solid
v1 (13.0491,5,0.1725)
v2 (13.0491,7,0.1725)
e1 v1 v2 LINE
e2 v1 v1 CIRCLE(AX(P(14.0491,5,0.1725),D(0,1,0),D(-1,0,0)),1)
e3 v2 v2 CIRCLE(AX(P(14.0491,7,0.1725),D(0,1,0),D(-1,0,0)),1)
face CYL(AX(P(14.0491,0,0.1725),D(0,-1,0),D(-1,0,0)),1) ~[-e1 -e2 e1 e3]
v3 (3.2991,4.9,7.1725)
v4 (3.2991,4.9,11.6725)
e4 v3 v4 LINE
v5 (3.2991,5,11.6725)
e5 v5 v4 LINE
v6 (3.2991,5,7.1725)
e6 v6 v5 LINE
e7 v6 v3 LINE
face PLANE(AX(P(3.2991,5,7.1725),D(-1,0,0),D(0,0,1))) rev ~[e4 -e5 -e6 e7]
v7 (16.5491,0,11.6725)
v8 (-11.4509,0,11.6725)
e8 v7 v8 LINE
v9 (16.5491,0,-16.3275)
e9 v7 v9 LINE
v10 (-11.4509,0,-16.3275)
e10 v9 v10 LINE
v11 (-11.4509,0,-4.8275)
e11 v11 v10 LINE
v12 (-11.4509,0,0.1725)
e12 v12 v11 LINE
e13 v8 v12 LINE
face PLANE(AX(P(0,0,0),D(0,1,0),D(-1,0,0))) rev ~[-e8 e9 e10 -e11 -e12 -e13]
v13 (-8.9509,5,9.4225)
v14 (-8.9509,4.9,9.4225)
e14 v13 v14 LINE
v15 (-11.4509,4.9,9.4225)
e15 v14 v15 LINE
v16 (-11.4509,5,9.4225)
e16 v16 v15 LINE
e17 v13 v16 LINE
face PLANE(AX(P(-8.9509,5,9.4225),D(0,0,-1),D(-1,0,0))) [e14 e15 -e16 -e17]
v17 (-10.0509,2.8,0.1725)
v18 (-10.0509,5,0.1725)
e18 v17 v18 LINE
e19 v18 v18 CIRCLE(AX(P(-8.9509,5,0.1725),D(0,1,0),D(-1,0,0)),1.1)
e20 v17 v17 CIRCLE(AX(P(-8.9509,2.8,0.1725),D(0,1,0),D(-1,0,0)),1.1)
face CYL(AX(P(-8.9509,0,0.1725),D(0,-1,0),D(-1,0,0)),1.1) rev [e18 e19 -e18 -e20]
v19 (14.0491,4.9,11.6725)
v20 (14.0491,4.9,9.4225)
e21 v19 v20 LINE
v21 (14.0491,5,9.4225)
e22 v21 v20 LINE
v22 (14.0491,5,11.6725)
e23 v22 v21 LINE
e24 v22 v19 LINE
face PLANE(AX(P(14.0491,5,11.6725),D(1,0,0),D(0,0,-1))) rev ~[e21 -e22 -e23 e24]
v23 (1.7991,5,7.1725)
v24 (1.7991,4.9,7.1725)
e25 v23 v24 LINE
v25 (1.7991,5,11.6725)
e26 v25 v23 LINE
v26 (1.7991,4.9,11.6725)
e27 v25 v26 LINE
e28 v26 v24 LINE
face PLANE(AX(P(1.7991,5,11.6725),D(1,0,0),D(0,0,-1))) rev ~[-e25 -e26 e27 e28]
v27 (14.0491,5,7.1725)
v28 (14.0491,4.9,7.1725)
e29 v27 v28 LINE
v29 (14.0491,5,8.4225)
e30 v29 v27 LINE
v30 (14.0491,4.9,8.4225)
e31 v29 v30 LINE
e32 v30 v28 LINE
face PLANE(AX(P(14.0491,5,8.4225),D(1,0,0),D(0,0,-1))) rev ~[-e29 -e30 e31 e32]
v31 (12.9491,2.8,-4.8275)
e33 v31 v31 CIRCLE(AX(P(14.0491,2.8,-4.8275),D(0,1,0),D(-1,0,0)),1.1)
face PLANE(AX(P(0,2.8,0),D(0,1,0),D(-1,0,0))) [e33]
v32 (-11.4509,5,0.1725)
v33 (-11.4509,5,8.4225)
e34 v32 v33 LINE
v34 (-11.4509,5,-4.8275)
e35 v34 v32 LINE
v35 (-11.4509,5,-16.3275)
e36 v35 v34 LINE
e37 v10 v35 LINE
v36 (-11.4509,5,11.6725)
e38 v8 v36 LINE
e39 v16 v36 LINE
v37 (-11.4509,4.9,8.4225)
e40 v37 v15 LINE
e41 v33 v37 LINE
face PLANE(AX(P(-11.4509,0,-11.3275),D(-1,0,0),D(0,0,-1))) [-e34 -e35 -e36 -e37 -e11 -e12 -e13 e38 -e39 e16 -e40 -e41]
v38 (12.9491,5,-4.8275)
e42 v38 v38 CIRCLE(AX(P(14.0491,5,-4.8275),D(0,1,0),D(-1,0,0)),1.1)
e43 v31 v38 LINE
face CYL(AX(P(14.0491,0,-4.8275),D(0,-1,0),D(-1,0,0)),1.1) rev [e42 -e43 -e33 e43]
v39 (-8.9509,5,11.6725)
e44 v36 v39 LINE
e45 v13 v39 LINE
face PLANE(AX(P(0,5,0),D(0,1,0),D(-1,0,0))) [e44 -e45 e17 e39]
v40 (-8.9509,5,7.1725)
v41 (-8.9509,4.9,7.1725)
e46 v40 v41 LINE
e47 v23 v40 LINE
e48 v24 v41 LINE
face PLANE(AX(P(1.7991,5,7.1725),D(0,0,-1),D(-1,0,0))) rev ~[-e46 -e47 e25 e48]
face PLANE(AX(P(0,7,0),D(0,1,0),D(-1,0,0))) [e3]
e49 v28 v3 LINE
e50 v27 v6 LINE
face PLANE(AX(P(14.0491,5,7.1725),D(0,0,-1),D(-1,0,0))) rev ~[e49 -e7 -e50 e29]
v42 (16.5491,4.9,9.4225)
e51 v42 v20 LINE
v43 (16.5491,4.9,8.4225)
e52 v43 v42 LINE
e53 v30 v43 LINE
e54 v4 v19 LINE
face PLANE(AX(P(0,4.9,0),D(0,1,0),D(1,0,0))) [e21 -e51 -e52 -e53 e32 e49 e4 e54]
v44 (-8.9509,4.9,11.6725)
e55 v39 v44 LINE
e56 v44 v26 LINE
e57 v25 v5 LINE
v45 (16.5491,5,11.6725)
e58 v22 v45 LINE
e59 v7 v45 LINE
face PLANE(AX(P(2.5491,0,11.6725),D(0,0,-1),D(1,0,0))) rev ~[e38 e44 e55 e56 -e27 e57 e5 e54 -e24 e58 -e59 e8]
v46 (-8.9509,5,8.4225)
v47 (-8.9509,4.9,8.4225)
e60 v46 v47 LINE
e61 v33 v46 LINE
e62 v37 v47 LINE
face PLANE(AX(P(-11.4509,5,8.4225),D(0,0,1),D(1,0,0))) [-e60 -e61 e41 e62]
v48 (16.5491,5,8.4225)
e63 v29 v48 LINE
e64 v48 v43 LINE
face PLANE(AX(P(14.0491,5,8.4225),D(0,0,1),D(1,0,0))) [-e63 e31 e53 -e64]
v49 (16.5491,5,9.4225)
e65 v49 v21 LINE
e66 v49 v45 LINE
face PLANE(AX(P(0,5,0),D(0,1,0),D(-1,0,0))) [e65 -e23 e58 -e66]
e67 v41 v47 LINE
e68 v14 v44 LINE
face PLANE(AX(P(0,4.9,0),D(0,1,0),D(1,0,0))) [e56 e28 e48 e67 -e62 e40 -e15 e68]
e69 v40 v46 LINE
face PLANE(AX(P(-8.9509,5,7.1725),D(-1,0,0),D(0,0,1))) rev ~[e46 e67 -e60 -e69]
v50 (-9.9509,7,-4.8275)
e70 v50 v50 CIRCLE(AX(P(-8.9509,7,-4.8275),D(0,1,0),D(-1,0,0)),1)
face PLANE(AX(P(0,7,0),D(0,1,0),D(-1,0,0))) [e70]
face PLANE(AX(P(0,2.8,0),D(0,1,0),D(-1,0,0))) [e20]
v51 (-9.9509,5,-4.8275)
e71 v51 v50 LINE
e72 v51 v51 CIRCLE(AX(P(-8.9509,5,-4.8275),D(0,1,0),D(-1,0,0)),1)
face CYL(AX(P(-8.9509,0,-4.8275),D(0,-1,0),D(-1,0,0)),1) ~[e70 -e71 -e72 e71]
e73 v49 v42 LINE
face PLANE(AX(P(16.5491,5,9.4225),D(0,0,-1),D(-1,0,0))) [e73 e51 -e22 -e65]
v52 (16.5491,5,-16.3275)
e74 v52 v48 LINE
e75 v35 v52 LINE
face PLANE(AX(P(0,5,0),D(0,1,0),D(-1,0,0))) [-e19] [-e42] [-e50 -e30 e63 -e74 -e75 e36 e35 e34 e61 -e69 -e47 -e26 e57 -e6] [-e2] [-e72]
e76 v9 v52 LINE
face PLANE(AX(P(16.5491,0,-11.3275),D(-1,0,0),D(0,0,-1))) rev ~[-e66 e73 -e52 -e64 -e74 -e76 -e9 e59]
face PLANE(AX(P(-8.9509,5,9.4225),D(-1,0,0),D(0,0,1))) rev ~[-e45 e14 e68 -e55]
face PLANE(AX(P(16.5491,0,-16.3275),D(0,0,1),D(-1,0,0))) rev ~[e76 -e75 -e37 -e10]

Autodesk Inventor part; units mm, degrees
ref_plane "YZ Plane" through (0, 0, 0) normal (1, 0, 0) x (0, 1, 0)
ref_plane "XZ Plane" through (0, 0, 0) normal (0, 1, 0) x (-1, 0, 0)
ref_plane "XY Plane" through (0, 0, 0) normal (0, 0, 1) x (1, 0, 0)
sketch "Sketch1" plane through (0, 0, 0) normal (0, 1, 0) x (-1, 0, 0)
  line L0 (-16.5491, -16.3275) -> (11.4509, -16.3275)
  line L1 (11.4509, 11.6725) -> (-16.5491, 11.6725)
  line L2 (-21.5491, 11.6725) -> (11.4509, 11.6725) construction
  line L3 (-16.5491, 6.6725) -> (-16.5491, -11.3275)
  line L4 (11.4509, 8.6725) -> (11.4509, -11.3275)
  line L5 (11.4509, -7.3275) -> (11.4509, -2.3275)
  line L6 (6.4509, -2.3275) -> (6.4509, -7.3275)
  line L7 (6.4509, -7.3275) -> (11.4509, -7.3275)
  line L8 (11.4509, 2.6725) -> (11.4509, -2.3275)
  line L9 (6.4509, -0.3275) -> (6.4509, 2.6725)
  line L10 (6.4509, 2.6725) -> (11.4509, 2.6725)
  line L11 (11.4509, -7.3275) -> (11.4509, -2.3275)
  line L12 (11.4509, -2.3275) -> (11.4509, 2.6725)
  line L13 (11.4509, 2.6725) -> (11.4509, -2.3275)
  line L14 (11.4509, -2.3275) -> (11.4509, -7.3275)
  line L15 (11.4509, -11.3275) -> (11.4509, -16.3275)
  line L16 (11.4509, 8.6725) -> (11.4509, 11.6725)
  line L17 (-2.5491, -16.3275) -> (-2.5491, 11.6725)
  circle A0 centre (-14.0491, 0.1725) radius 1
  line L18 (-11.5491, 2.6725) -> (-16.5491, 2.6725)
  line L19 (-16.5491, 2.6725) -> (-16.5491, -2.3275)
  line L20 (-16.5491, -2.3275) -> (-16.5491, 2.6725)
  line L21 (-16.5491, 2.6725) -> (-16.5491, -2.3275)
  line L22 (-11.5491, -0.3275) -> (-11.5491, 2.6725)
  circle A1 centre (-14.0491, -4.8275) radius 1.1
  line L23 (-16.5491, -7.3275) -> (-16.5491, -2.3275)
  line L24 (-16.5491, -7.3275) -> (-16.5491, -2.3275)
  line L25 (-16.5491, -2.3275) -> (-16.5491, -7.3275)
  line L26 (-11.5491, -2.3275) -> (-11.5491, -7.3275)
  line L27 (-11.5491, -7.3275) -> (-16.5491, -7.3275)
  line L28 (-16.5491, -11.3275) -> (-16.5491, -16.3275)
  line L29 (-16.5491, 8.6725) -> (-16.5491, -11.3275)
  line L30 (-16.5491, 11.6725) -> (-16.5491, -16.3275)
  line L31 (8.9509, -4.8275) -> (11.4509, -4.8275)
  line L32 (8.9509, 0.1725) -> (11.4509, 0.1725)
  circle A2 centre (8.9509, -4.8275) radius 1
  circle A3 centre (8.9509, 0.1725) radius 1.1
  point P0 (0, 0)
  point P1 (8.9509, -7.3275)
  point P2 (8.9509, 2.6725)
  point P3 (-14.0491, 2.6725)
  point P4 (-14.0491, -7.3275)
  point P5 (11.4509, 2.6725)
  point P6 (-16.5491, 2.6725)
  point P7 (11.4509, -7.3275)
  dimension "d0" = 5
  dimension "d1" = 2.5
  dimension "d2" = 2.5
  dimension "d3" = 2
  dimension "d4" = 2.2
  dimension "d5" = 2.2
  dimension "d6" = 28
  dimension "d7" = 28
  dimension "d14" = 28
extrude "Extrusion1" add sketch "Sketch1" along normal blind 5
extrude "Extrusion2" add sketch "Sketch1" along normal blind 7 contours A2 | A0
extrude "Extrusion3" add sketch "Sketch1" along normal blind 2.8 contours A3 | A1
sketch "Sketch2" plane through (0, 5, 0) normal (0, 1, 0) x (1, 0, 0)
  line L0 (-11.4509, -11.6725) -> (16.5491, -11.6725) projected
  line L1 (2.5491, -11.6725) -> (14.0491, -11.6725)
  line L2 (14.0491, -11.6725) -> (14.0491, -7.1725)
  line L3 (14.0491, -7.1725) -> (-8.9509, -7.1725)
  line L4 (-8.9509, -7.1725) -> (-8.9509, -11.6725)
  line L5 (2.5491, -11.6725) -> (3.2991, -11.6725)
  line L6 (3.2991, -11.6725) -> (1.7991, -11.6725)
  line L7 (1.7991, -11.6725) -> (1.7991, -7.1725)
  line L8 (1.7991, -7.1725) -> (3.2991, -7.1725)
  line L9 (3.2991, -7.1725) -> (3.2991, -11.6725)
  line L10 (3.2991, -11.6725) -> (1.7991, -11.6725)
  line L11 (-11.4509, 16.3275) -> (-11.4509, -11.6725) projected
  line L12 (-8.9509, -9.4225) -> (-11.4509, -9.4225)
  line L13 (-11.4509, -9.4225) -> (-11.4509, -8.4225)
  line L14 (-11.4509, -8.4225) -> (-8.9509, -8.4225)
  line L15 (-8.9509, -8.4225) -> (-8.9509, -9.4225)
  line L16 (14.0491, -9.4225) -> (14.0491, -8.4225)
  line L17 (14.0491, -8.4225) -> (16.5491, -8.4225)
  line L18 (16.5491, -8.4225) -> (16.5491, -9.4225)
  line L19 (16.5491, -9.4225) -> (14.0491, -9.4225)
  point P0 (0, 0)
  dimension "d15" = 11.5
  dimension "d16" = 4.5
  dimension "d17" = 23
  dimension "d18" = 0.75
  dimension "d19" = 1.5
  dimension "d20" = 1
extrude "Extrusion4" cut sketch "Sketch2" against normal blind 0.1 contours L4 L3 L7 L0 | L11 L14 L4 L12 | L9 L3 L2 L0 | L2 L17 L18 L19
properties part number "TracciaSotto"
